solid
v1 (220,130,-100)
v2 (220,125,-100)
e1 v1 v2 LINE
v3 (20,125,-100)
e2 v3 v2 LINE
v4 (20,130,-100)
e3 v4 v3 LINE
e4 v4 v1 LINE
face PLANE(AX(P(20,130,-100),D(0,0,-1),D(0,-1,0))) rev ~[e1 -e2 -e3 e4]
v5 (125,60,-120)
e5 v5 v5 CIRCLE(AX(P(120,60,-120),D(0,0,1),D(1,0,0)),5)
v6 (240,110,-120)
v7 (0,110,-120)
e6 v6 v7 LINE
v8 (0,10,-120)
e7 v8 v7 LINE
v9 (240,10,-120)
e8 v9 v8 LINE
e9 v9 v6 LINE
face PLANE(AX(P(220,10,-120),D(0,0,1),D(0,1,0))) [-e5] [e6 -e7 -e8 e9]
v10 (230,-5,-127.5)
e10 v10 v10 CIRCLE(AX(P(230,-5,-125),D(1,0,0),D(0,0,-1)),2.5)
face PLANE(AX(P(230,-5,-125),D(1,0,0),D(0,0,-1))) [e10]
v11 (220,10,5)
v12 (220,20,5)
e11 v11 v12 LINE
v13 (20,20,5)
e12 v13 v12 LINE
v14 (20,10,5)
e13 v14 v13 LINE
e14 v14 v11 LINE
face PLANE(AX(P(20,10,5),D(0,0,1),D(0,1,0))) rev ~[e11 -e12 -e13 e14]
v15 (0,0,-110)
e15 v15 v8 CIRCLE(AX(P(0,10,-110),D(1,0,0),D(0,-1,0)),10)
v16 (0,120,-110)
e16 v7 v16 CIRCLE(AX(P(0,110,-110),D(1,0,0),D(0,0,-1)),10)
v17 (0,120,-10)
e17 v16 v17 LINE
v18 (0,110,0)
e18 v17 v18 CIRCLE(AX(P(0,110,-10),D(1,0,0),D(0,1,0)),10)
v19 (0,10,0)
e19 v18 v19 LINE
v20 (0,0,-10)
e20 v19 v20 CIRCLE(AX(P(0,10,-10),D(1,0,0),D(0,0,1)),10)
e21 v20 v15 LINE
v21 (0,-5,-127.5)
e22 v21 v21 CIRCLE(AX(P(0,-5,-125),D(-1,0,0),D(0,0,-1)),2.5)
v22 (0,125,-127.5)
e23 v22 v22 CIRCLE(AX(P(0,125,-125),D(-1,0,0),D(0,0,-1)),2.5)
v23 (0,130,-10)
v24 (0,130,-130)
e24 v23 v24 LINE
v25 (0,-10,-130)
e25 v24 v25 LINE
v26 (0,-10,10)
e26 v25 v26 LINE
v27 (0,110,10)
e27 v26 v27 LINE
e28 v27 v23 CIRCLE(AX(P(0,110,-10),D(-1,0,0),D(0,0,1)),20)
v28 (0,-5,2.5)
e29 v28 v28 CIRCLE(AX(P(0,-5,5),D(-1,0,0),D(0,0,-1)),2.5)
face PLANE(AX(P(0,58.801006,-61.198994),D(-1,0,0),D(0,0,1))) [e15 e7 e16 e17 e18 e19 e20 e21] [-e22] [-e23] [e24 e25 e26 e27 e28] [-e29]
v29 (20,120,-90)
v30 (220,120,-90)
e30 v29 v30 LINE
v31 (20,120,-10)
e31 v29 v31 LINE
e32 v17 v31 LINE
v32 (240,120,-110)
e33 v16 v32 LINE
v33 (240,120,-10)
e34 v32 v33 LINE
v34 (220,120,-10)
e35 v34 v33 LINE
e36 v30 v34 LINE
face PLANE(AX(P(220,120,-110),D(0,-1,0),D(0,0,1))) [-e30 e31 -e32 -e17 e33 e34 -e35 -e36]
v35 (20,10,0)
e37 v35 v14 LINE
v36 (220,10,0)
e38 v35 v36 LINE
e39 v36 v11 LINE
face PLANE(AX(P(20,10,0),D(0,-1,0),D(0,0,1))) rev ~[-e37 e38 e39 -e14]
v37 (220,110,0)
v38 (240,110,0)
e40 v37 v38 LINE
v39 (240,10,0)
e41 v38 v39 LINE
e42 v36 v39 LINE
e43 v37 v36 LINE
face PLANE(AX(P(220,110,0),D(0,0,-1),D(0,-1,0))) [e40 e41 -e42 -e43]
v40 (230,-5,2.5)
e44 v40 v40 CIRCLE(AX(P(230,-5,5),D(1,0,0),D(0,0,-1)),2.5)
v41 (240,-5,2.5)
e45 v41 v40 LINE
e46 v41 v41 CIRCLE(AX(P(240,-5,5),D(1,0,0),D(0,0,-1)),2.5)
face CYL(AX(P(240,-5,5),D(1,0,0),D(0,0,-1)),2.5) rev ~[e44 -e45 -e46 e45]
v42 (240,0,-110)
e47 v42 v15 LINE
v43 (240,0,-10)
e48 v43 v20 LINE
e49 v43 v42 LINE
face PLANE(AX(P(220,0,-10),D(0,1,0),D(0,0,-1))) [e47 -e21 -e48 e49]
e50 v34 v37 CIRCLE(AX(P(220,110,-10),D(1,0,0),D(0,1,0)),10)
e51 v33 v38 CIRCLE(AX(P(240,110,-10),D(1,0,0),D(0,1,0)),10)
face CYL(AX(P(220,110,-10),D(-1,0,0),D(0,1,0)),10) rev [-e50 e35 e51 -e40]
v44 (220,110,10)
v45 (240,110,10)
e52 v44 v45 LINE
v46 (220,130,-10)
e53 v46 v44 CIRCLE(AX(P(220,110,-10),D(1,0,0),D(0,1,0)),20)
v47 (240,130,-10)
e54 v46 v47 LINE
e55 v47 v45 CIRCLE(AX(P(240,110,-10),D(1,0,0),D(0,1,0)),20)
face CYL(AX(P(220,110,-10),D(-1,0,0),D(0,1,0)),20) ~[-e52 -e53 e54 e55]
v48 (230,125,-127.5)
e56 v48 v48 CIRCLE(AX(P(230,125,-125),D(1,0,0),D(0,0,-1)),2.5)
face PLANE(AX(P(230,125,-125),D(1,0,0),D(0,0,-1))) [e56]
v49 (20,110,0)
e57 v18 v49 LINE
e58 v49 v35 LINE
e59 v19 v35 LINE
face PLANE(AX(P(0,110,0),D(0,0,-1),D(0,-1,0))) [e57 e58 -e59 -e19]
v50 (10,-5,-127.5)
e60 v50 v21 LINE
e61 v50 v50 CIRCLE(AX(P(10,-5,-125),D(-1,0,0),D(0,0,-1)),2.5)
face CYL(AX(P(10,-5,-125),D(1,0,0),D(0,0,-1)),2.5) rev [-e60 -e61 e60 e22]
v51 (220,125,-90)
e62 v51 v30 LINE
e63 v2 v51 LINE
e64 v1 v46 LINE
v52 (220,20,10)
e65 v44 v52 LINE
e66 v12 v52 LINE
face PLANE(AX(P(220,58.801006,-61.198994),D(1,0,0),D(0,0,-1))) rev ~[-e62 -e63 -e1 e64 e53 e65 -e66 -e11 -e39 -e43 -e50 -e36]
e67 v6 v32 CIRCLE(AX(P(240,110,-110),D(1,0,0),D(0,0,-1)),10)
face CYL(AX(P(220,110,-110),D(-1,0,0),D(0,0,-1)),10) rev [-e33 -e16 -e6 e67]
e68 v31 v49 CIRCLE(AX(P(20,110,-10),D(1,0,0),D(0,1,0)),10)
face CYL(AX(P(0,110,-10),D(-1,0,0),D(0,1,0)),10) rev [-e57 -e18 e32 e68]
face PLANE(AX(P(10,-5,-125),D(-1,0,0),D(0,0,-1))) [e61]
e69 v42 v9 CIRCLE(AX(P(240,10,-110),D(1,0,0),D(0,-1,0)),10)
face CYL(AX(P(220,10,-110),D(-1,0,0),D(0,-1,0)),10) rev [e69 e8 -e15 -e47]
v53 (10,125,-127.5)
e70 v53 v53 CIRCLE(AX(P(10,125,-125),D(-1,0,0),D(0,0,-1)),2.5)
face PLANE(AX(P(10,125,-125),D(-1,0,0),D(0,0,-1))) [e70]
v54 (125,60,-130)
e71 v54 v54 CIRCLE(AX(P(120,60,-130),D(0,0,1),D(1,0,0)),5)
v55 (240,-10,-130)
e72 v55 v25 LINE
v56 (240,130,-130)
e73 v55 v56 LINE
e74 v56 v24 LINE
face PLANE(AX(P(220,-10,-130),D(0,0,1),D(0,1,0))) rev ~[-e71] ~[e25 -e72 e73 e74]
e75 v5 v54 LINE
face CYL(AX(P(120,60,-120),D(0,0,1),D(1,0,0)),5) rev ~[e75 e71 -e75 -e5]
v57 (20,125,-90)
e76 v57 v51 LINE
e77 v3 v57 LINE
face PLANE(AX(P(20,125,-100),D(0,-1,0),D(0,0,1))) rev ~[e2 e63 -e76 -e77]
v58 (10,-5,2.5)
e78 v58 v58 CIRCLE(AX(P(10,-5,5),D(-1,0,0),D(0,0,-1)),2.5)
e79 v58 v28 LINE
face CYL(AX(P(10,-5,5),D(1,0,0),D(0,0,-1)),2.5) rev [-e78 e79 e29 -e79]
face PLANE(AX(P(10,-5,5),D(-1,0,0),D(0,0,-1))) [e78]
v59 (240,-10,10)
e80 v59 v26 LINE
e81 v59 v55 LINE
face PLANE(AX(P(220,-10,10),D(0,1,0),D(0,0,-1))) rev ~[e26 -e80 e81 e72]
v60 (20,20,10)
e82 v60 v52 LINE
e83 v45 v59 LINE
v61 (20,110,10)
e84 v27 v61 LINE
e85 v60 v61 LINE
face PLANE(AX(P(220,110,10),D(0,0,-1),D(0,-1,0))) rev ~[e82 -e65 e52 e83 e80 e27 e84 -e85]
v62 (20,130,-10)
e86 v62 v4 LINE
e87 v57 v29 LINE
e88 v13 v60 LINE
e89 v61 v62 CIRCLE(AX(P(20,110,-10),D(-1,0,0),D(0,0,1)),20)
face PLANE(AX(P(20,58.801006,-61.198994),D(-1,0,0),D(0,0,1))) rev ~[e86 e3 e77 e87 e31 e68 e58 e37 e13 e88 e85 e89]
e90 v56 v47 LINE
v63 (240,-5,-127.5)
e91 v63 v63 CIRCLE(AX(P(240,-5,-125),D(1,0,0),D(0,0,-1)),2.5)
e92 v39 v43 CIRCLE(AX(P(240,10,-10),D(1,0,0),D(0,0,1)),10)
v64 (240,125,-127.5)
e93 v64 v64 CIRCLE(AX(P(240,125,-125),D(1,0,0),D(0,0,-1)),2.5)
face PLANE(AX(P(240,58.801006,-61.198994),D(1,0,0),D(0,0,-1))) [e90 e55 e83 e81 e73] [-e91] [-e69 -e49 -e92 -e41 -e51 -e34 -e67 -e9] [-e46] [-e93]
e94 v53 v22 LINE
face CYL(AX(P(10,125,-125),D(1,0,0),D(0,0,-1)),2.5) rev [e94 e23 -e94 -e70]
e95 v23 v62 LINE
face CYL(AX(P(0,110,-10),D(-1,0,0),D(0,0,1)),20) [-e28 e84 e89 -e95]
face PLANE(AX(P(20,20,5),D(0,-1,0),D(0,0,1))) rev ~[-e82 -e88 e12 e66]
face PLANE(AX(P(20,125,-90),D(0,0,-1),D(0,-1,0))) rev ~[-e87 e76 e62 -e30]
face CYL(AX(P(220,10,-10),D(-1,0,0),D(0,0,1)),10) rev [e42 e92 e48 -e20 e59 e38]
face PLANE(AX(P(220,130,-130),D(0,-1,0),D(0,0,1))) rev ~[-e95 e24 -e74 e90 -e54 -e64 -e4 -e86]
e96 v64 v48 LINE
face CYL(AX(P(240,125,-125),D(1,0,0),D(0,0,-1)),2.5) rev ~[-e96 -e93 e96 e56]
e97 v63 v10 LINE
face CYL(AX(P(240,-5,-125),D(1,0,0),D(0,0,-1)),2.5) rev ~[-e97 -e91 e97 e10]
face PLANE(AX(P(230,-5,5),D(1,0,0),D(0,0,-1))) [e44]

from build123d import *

# Parameters (mm, degrees)
EXTRUDE_1_DEPTH     = 20
EXTRUDE_2_DEPTH     = 200
EXTRUDE_3_DEPTH     = 20
SKETCH_5_R          = 2.5
CUT_EXTRUDE_1_DEPTH = 10
CUT_EXTRUDE_START   = -10
SKETCH_6_R          = 2.5
CUT_EXTRUDE_2_DEPTH = 10
CUT_EXTRUDE_3_REACH = 304.324
SKETCH_7_R          = 5


with BuildPart() as part:
    # 草图1 → 凸台-拉伸1 (new body)
    with BuildSketch(Plane(origin=(0, 0, 0), x_dir=(0, 0, -1), z_dir=(1, 0, 0))):
        with BuildLine():
            Line((10, 130), (130, 130))
            Line((130, 130), (130, -10))
            Line((130, -10), (-10, -10))
            Line((-10, -10), (-10, 110))
            ThreePointArc((-10, 110), (-4.142135624, 124.142135624), (10, 130))
        make_face()
        with BuildLine():
            Line((10, 0), (110, 0))
            ThreePointArc((110, 0), (117.071067812, 2.928932188), (120, 10))
            Line((120, 10), (120, 110))
            ThreePointArc((120, 110), (117.071067812, 117.071067812), (110, 120))
            Line((110, 120), (10, 120))
            ThreePointArc((10, 120), (2.928932188, 117.071067812), (0, 110))
            Line((0, 110), (0, 10))
            ThreePointArc((0, 10), (2.928932188, 2.928932188), (10, 0))
        make_face(mode=Mode.SUBTRACT)
    extrude(amount=EXTRUDE_1_DEPTH)

    # 草图2 → 凸台-拉伸2 (add)
    with BuildSketch(Plane(origin=(20, 0, 0), x_dir=(0, 0, -1), z_dir=(1, 0, 0))):
        with BuildLine():
            Line((130, 130), (100, 130))
            Line((100, 130), (100, 125))
            Line((100, 125), (90, 125))
            Line((90, 125), (90, 120))
            Line((90, 120), (107.421459813, 120))
            Line((107.421459813, 120), (110, 120))
            ThreePointArc((110, 120), (117.071067812, 117.071067812), (120, 110))
            Line((120, 110), (120, 10))
            ThreePointArc((120, 10), (117.071067812, 2.928932188), (110, 0))
            Line((110, 0), (10, 0))
            ThreePointArc((10, 0), (2.928932188, 2.928932188), (0, 10))
            Line((0, 10), (-5, 10))
            Line((-5, 10), (-5, 20))
            Line((-5, 20), (-10, 20))
            Line((-10, 20), (-10, 10))
            Line((-10, 10), (-10, -10))
            Line((-10, -10), (130, -10))
            Line((130, -10), (130, 130))
        make_face()
    extrude(amount=EXTRUDE_2_DEPTH)

    # 草图3 → 凸台-拉伸3 (add)
    with BuildSketch(Plane(origin=(220, 0, 0), x_dir=(0, 0, -1), z_dir=(1, 0, 0))):
        with BuildLine():
            Line((130, 130), (10, 130))
            ThreePointArc((10, 130), (-4.142135624, 124.142135624), (-10, 110))
            Line((-10, 110), (-10, -10))
            Line((-10, -10), (130, -10))
            Line((130, -10), (130, 130))
        make_face()
        with BuildLine():
            Line((0, 110), (0, 10))
            ThreePointArc((0, 10), (2.928932188, 2.928932188), (10, 0))
            Line((10, 0), (110, 0))
            ThreePointArc((110, 0), (117.071067812, 2.928932188), (120, 10))
            Line((120, 10), (120, 110))
            ThreePointArc((120, 110), (117.071067812, 117.071067812), (110, 120))
            Line((110, 120), (10, 120))
            ThreePointArc((10, 120), (2.928932188, 117.071067812), (0, 110))
        make_face(mode=Mode.SUBTRACT)
    extrude(amount=EXTRUDE_3_DEPTH)

    # 草图5 → 切除-拉伸1 (cut)
    with BuildSketch(Plane(origin=(240, 0, 0), x_dir=(0, 0, -1), z_dir=(1, 0, 0))):
        with Locations((-5, -5)):
            Circle(SKETCH_5_R)
        with Locations((125, -5)):
            Circle(SKETCH_5_R)
        with Locations((125, 125)):
            Circle(SKETCH_5_R)
    extrude(amount=-CUT_EXTRUDE_1_DEPTH, mode=Mode.SUBTRACT)

    # 草图6 → 切除-拉伸2 (cut)
    with BuildSketch(Plane.ZY.offset(CUT_EXTRUDE_START)):
        with Locations(Location((-125, 125, 0), (0, 0, 180))):
            Circle(SKETCH_6_R)
        with Locations(Location((-125, -5, 0), (0, 0, 180))):
            Circle(SKETCH_6_R)
        with Locations(Location((5, -5, 0), (0, 0, 180))):
            Circle(SKETCH_6_R)
    extrude(amount=CUT_EXTRUDE_2_DEPTH, mode=Mode.SUBTRACT)

    # 草图7 → 切除-拉伸3 (cut, up to next)
    with BuildSketch(Plane.XY.offset(-120), mode=Mode.PRIVATE) as cut_extrude_3_sk1:
        with Locations((120, 60)):
            Circle(SKETCH_7_R)
    cut_extrude_3_tool1 = extrude(cut_extrude_3_sk1.sketch, amount=-CUT_EXTRUDE_3_REACH, mode=Mode.PRIVATE) & part.part
    add(cut_extrude_3_tool1.solids().sort_by_distance((120, 60, -120))[0], mode=Mode.SUBTRACT)


solid = part.part
